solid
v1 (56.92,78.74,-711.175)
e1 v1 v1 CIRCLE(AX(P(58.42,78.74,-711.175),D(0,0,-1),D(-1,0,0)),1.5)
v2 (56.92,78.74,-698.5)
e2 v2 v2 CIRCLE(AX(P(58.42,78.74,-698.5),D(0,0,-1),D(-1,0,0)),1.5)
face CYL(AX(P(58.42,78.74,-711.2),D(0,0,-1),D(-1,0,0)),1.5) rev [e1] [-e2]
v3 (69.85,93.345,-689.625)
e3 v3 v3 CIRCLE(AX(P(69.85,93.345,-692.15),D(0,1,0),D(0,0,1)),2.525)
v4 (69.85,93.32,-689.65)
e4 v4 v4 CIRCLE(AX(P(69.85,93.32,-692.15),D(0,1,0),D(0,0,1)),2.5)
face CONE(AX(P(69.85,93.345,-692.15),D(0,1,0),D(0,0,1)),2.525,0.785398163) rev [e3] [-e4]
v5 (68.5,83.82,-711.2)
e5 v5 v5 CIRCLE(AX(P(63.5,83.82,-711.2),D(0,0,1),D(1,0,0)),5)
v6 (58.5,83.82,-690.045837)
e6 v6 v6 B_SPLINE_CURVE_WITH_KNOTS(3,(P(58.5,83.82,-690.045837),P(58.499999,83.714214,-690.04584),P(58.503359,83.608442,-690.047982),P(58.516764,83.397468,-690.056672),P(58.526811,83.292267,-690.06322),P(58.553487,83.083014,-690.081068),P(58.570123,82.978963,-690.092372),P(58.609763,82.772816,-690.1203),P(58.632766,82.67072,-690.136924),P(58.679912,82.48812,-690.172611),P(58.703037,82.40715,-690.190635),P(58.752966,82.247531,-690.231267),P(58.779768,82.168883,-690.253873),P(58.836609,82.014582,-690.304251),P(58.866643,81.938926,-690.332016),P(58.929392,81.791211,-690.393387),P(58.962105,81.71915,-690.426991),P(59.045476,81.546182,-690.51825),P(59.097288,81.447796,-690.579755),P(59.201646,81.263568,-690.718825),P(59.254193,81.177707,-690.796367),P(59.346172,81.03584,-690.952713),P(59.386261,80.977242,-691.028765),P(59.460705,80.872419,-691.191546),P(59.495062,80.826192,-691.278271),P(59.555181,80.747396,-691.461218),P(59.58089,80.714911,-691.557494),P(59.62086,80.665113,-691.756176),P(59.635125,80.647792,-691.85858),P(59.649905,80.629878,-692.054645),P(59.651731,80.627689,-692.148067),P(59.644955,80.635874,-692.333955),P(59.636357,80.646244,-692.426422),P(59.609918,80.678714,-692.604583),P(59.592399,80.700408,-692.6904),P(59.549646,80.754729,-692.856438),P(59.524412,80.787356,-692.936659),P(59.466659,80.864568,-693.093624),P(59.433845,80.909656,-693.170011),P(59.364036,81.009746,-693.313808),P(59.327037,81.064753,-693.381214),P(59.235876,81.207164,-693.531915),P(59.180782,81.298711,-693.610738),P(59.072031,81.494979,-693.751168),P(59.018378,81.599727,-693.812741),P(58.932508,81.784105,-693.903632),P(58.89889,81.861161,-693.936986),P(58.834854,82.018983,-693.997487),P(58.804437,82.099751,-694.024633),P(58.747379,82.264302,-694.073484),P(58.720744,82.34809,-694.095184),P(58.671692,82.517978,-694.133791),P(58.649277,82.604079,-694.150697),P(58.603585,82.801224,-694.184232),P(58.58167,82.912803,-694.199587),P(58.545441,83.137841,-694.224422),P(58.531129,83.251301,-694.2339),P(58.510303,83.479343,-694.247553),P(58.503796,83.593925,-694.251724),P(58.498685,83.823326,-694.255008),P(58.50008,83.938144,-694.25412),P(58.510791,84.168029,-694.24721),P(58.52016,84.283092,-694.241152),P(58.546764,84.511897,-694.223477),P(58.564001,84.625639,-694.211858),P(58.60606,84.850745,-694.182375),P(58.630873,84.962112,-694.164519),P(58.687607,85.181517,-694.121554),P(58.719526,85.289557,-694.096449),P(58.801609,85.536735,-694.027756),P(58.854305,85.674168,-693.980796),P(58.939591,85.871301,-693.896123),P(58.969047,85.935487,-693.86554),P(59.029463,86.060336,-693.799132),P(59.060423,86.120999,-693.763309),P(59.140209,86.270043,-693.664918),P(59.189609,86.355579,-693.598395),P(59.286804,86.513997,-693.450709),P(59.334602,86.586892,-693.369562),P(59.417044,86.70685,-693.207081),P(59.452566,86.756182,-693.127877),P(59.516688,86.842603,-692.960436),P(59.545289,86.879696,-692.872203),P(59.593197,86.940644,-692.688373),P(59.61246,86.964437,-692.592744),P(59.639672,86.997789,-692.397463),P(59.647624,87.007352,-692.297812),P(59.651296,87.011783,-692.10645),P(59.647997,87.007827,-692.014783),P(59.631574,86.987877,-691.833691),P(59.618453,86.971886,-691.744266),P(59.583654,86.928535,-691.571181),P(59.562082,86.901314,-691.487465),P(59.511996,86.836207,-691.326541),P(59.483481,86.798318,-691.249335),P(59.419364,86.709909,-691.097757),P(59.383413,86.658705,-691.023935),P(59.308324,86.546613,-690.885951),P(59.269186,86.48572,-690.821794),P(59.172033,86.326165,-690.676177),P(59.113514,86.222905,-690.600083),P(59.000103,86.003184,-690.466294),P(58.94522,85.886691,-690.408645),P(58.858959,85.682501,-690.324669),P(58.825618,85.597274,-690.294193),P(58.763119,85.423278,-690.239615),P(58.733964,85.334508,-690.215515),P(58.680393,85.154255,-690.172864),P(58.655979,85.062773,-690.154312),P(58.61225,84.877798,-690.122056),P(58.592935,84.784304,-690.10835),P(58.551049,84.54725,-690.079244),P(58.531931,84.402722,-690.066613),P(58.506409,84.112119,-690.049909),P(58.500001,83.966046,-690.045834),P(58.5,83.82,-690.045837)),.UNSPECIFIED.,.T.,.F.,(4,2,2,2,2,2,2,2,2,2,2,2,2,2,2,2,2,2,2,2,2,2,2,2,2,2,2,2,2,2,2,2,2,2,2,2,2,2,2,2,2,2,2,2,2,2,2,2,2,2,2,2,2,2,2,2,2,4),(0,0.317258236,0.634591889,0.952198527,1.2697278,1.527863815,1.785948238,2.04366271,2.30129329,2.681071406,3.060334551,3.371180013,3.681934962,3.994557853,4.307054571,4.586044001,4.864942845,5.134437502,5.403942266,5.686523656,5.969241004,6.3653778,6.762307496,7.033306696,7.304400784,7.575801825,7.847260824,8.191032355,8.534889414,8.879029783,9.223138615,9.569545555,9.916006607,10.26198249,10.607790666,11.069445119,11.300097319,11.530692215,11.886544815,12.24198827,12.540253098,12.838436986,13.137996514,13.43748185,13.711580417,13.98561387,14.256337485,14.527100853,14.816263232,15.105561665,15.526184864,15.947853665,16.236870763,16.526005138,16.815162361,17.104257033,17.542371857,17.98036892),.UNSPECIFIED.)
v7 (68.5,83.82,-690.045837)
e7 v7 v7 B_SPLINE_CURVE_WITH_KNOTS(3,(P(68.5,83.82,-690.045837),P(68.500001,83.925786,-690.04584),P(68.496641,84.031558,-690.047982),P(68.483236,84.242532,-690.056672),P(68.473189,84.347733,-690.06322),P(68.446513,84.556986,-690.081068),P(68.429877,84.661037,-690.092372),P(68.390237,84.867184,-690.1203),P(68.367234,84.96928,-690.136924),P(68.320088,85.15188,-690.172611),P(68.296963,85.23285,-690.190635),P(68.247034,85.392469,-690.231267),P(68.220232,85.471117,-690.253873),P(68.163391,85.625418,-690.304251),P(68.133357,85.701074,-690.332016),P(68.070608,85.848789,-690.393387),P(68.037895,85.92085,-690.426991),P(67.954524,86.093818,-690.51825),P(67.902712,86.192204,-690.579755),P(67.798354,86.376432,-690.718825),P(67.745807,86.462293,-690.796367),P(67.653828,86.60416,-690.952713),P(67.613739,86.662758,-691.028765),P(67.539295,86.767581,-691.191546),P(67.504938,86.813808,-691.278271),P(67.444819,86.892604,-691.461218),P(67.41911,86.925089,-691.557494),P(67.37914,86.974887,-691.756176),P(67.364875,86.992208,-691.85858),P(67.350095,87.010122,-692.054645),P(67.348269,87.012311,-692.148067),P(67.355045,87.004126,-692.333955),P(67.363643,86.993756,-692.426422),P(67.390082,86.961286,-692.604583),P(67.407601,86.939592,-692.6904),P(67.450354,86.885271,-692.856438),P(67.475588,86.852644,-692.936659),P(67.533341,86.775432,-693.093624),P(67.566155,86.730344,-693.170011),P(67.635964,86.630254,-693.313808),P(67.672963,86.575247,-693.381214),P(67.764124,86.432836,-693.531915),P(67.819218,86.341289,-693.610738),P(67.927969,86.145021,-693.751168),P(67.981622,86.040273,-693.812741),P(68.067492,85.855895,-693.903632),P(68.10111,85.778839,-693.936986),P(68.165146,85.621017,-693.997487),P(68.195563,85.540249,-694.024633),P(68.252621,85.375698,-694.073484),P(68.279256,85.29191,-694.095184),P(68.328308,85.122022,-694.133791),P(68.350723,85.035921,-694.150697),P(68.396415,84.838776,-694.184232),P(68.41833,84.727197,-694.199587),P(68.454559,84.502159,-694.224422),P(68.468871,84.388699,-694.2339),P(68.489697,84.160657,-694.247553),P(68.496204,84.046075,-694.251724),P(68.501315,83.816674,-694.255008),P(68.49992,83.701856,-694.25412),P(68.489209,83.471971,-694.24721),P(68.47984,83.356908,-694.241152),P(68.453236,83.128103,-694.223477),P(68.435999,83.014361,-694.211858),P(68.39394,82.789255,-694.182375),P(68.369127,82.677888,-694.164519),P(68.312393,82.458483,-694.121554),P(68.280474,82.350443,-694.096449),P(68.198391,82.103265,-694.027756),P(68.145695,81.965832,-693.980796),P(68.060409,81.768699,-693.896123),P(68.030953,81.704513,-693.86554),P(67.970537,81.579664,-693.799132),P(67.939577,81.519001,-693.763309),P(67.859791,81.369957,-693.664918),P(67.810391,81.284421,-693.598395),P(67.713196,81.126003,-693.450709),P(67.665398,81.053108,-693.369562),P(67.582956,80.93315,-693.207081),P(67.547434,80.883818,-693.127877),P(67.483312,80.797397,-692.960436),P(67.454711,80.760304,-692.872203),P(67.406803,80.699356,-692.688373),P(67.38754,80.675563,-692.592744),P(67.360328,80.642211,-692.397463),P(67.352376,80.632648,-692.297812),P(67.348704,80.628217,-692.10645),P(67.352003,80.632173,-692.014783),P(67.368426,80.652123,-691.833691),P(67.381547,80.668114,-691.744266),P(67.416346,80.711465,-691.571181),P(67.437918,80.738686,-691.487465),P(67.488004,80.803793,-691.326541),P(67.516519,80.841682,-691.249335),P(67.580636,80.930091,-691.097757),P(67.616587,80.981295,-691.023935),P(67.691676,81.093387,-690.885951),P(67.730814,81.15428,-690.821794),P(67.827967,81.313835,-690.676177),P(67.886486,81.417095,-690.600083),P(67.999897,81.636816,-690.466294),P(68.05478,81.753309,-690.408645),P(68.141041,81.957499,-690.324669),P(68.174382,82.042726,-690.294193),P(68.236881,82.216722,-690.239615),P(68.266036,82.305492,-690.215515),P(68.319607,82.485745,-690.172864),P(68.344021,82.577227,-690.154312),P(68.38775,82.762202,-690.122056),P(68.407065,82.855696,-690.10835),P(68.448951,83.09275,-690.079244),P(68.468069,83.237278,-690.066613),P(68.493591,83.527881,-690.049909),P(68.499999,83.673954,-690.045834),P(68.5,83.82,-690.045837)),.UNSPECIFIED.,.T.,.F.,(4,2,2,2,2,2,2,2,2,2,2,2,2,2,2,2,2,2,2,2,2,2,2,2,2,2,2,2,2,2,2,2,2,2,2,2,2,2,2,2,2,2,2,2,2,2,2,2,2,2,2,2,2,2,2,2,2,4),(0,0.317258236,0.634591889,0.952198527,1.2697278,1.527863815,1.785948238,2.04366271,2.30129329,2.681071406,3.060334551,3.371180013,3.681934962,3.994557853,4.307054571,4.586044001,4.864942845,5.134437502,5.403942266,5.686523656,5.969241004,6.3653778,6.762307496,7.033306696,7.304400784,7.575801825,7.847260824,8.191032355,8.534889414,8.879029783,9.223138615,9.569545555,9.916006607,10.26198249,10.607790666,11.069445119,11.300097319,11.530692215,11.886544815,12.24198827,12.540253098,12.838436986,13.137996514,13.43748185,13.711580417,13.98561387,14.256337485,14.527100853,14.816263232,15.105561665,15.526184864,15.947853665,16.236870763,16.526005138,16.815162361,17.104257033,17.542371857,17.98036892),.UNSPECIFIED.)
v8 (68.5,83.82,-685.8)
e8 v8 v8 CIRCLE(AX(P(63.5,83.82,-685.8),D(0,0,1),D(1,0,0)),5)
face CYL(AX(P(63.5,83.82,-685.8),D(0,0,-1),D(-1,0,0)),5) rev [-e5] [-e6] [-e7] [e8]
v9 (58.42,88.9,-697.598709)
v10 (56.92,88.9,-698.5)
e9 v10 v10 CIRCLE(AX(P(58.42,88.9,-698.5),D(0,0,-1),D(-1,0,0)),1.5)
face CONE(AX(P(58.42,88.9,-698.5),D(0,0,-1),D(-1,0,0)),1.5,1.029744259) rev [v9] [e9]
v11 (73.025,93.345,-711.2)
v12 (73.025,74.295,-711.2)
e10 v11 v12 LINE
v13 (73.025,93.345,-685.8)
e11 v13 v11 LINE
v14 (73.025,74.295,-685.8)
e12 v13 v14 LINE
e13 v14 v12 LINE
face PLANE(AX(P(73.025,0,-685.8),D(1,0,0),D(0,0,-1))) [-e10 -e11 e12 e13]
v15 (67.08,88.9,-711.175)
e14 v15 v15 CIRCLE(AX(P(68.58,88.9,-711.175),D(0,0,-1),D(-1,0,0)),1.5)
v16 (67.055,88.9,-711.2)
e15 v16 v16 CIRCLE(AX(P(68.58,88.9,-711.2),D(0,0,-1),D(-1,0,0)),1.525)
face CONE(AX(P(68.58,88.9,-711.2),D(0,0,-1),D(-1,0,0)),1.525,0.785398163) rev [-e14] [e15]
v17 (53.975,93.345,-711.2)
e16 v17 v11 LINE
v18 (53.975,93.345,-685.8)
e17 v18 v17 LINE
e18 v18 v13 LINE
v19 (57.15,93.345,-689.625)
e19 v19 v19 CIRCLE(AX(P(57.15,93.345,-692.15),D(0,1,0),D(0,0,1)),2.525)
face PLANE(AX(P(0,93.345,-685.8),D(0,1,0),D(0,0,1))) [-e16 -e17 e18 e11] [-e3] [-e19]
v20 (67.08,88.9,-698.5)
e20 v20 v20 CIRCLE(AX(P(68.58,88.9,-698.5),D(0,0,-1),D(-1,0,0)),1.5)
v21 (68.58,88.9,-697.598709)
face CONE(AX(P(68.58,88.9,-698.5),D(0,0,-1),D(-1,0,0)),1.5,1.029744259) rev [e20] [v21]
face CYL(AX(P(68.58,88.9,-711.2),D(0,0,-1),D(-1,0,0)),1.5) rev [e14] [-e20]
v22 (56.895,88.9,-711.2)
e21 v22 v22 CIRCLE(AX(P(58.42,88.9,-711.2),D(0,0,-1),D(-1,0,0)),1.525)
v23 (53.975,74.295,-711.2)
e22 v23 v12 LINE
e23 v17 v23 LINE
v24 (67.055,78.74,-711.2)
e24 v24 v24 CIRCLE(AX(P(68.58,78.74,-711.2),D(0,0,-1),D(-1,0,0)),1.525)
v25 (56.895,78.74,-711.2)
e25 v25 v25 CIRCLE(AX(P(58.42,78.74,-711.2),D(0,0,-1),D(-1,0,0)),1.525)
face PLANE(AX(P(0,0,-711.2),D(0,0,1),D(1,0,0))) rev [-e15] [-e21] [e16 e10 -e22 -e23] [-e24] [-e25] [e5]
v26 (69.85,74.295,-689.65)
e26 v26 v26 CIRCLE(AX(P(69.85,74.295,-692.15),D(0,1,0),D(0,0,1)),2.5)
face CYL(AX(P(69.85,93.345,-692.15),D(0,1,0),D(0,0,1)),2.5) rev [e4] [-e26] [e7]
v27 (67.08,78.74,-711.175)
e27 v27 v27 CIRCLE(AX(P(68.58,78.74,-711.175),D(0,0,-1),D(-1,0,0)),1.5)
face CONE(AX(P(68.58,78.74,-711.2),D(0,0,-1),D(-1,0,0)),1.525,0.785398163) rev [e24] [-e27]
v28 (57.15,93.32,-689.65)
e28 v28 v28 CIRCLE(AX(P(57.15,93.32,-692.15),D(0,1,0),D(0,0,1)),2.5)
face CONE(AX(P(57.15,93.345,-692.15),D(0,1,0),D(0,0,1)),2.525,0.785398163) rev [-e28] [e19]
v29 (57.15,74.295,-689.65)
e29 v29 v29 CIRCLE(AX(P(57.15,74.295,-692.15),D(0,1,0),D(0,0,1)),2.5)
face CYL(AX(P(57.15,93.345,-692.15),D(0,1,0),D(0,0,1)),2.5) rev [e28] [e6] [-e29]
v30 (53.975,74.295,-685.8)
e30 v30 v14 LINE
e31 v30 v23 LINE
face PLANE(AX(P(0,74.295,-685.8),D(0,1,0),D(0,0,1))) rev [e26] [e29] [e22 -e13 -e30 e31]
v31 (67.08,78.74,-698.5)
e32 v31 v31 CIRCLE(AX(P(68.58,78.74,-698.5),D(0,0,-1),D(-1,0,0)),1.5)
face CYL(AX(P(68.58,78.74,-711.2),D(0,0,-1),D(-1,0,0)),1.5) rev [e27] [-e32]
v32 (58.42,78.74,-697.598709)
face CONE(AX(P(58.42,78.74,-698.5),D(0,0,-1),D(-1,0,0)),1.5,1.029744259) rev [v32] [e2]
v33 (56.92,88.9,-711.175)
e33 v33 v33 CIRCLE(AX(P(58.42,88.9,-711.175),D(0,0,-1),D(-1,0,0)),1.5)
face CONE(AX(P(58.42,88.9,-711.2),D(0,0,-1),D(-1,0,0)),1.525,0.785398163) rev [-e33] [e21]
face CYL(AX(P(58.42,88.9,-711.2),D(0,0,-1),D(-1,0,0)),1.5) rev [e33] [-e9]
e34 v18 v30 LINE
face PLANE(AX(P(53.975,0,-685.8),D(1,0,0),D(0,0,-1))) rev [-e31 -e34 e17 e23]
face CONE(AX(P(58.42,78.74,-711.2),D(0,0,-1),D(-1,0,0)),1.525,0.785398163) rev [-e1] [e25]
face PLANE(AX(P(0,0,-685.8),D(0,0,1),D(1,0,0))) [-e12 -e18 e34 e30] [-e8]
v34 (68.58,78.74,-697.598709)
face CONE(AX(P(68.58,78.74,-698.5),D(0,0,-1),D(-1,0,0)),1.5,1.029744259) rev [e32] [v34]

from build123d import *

# Parameters (mm, degrees)
BOSS_EXTRUDE1_START             = -711.2
SKETCH5_W                       = 19.05
SKETCH5_H                       = 19.05
SKETCH5_R                       = 5
BOSS_EXTRUDE1_DEPTH             = 25.4
F_5_0MM_DOWEL_HOLE2_D           = 5
F_5_0MM_DOWEL_HOLE2_DEPTH       = 25.4
F_5_0MM_DOWEL_HOLE2_CSINK_D     = 5.05
F_5_0MM_DOWEL_HOLE2_CSINK_ANGLE = 90
F_5_0MM_DOWEL_HOLE2_TIP         = 1.502151548
F_3_0MM_DOWEL_HOLE2_D           = 3
F_3_0MM_DOWEL_HOLE2_DEPTH       = 12.7
F_3_0MM_DOWEL_HOLE2_CSINK_D     = 3.05
F_3_0MM_DOWEL_HOLE2_CSINK_ANGLE = 90
F_3_0MM_DOWEL_HOLE2_TIP         = 0.901290929


with BuildPart() as part:
    # Sketch5 → Boss-Extrude1 (new body)
    with BuildSketch(Plane.XY.offset(BOSS_EXTRUDE1_START)):
        with Locations((63.5, 83.82)):
            Rectangle(SKETCH5_W, SKETCH5_H)
        with Locations((63.5, 83.82)):
            Circle(SKETCH5_R, mode=Mode.SUBTRACT)
    extrude(amount=BOSS_EXTRUDE1_DEPTH)

    # Ø5.0mm Dowel Hole2
    with Locations(Plane(origin=(0, 93.345, 0), x_dir=(1, 0, 0), z_dir=(0, 1, 0))):
        with Locations((57.15, 692.15), (69.85, 692.15)):
            CounterSinkHole(F_5_0MM_DOWEL_HOLE2_D / 2, F_5_0MM_DOWEL_HOLE2_CSINK_D / 2, depth=F_5_0MM_DOWEL_HOLE2_DEPTH, counter_sink_angle=F_5_0MM_DOWEL_HOLE2_CSINK_ANGLE)
            with Locations((0, 0, -(F_5_0MM_DOWEL_HOLE2_DEPTH + F_5_0MM_DOWEL_HOLE2_TIP / 2))):  # 118° drill point
                Cone(0, F_5_0MM_DOWEL_HOLE2_D / 2, F_5_0MM_DOWEL_HOLE2_TIP, mode=Mode.SUBTRACT)

    # Ø3.0mm Dowel Hole2
    with Locations(Plane(origin=(0, 0, -711.2), x_dir=(-1, 0, 0), z_dir=(0, 0, -1))):
        with Locations((-58.42, 78.74), (-68.58, 78.74), (-58.42, 88.9), (-68.58, 88.9)):
            CounterSinkHole(F_3_0MM_DOWEL_HOLE2_D / 2, F_3_0MM_DOWEL_HOLE2_CSINK_D / 2, depth=F_3_0MM_DOWEL_HOLE2_DEPTH, counter_sink_angle=F_3_0MM_DOWEL_HOLE2_CSINK_ANGLE)
            with Locations((0, 0, -(F_3_0MM_DOWEL_HOLE2_DEPTH + F_3_0MM_DOWEL_HOLE2_TIP / 2))):  # 118° drill point
                Cone(0, F_3_0MM_DOWEL_HOLE2_D / 2, F_3_0MM_DOWEL_HOLE2_TIP, mode=Mode.SUBTRACT)


solid = part.part
